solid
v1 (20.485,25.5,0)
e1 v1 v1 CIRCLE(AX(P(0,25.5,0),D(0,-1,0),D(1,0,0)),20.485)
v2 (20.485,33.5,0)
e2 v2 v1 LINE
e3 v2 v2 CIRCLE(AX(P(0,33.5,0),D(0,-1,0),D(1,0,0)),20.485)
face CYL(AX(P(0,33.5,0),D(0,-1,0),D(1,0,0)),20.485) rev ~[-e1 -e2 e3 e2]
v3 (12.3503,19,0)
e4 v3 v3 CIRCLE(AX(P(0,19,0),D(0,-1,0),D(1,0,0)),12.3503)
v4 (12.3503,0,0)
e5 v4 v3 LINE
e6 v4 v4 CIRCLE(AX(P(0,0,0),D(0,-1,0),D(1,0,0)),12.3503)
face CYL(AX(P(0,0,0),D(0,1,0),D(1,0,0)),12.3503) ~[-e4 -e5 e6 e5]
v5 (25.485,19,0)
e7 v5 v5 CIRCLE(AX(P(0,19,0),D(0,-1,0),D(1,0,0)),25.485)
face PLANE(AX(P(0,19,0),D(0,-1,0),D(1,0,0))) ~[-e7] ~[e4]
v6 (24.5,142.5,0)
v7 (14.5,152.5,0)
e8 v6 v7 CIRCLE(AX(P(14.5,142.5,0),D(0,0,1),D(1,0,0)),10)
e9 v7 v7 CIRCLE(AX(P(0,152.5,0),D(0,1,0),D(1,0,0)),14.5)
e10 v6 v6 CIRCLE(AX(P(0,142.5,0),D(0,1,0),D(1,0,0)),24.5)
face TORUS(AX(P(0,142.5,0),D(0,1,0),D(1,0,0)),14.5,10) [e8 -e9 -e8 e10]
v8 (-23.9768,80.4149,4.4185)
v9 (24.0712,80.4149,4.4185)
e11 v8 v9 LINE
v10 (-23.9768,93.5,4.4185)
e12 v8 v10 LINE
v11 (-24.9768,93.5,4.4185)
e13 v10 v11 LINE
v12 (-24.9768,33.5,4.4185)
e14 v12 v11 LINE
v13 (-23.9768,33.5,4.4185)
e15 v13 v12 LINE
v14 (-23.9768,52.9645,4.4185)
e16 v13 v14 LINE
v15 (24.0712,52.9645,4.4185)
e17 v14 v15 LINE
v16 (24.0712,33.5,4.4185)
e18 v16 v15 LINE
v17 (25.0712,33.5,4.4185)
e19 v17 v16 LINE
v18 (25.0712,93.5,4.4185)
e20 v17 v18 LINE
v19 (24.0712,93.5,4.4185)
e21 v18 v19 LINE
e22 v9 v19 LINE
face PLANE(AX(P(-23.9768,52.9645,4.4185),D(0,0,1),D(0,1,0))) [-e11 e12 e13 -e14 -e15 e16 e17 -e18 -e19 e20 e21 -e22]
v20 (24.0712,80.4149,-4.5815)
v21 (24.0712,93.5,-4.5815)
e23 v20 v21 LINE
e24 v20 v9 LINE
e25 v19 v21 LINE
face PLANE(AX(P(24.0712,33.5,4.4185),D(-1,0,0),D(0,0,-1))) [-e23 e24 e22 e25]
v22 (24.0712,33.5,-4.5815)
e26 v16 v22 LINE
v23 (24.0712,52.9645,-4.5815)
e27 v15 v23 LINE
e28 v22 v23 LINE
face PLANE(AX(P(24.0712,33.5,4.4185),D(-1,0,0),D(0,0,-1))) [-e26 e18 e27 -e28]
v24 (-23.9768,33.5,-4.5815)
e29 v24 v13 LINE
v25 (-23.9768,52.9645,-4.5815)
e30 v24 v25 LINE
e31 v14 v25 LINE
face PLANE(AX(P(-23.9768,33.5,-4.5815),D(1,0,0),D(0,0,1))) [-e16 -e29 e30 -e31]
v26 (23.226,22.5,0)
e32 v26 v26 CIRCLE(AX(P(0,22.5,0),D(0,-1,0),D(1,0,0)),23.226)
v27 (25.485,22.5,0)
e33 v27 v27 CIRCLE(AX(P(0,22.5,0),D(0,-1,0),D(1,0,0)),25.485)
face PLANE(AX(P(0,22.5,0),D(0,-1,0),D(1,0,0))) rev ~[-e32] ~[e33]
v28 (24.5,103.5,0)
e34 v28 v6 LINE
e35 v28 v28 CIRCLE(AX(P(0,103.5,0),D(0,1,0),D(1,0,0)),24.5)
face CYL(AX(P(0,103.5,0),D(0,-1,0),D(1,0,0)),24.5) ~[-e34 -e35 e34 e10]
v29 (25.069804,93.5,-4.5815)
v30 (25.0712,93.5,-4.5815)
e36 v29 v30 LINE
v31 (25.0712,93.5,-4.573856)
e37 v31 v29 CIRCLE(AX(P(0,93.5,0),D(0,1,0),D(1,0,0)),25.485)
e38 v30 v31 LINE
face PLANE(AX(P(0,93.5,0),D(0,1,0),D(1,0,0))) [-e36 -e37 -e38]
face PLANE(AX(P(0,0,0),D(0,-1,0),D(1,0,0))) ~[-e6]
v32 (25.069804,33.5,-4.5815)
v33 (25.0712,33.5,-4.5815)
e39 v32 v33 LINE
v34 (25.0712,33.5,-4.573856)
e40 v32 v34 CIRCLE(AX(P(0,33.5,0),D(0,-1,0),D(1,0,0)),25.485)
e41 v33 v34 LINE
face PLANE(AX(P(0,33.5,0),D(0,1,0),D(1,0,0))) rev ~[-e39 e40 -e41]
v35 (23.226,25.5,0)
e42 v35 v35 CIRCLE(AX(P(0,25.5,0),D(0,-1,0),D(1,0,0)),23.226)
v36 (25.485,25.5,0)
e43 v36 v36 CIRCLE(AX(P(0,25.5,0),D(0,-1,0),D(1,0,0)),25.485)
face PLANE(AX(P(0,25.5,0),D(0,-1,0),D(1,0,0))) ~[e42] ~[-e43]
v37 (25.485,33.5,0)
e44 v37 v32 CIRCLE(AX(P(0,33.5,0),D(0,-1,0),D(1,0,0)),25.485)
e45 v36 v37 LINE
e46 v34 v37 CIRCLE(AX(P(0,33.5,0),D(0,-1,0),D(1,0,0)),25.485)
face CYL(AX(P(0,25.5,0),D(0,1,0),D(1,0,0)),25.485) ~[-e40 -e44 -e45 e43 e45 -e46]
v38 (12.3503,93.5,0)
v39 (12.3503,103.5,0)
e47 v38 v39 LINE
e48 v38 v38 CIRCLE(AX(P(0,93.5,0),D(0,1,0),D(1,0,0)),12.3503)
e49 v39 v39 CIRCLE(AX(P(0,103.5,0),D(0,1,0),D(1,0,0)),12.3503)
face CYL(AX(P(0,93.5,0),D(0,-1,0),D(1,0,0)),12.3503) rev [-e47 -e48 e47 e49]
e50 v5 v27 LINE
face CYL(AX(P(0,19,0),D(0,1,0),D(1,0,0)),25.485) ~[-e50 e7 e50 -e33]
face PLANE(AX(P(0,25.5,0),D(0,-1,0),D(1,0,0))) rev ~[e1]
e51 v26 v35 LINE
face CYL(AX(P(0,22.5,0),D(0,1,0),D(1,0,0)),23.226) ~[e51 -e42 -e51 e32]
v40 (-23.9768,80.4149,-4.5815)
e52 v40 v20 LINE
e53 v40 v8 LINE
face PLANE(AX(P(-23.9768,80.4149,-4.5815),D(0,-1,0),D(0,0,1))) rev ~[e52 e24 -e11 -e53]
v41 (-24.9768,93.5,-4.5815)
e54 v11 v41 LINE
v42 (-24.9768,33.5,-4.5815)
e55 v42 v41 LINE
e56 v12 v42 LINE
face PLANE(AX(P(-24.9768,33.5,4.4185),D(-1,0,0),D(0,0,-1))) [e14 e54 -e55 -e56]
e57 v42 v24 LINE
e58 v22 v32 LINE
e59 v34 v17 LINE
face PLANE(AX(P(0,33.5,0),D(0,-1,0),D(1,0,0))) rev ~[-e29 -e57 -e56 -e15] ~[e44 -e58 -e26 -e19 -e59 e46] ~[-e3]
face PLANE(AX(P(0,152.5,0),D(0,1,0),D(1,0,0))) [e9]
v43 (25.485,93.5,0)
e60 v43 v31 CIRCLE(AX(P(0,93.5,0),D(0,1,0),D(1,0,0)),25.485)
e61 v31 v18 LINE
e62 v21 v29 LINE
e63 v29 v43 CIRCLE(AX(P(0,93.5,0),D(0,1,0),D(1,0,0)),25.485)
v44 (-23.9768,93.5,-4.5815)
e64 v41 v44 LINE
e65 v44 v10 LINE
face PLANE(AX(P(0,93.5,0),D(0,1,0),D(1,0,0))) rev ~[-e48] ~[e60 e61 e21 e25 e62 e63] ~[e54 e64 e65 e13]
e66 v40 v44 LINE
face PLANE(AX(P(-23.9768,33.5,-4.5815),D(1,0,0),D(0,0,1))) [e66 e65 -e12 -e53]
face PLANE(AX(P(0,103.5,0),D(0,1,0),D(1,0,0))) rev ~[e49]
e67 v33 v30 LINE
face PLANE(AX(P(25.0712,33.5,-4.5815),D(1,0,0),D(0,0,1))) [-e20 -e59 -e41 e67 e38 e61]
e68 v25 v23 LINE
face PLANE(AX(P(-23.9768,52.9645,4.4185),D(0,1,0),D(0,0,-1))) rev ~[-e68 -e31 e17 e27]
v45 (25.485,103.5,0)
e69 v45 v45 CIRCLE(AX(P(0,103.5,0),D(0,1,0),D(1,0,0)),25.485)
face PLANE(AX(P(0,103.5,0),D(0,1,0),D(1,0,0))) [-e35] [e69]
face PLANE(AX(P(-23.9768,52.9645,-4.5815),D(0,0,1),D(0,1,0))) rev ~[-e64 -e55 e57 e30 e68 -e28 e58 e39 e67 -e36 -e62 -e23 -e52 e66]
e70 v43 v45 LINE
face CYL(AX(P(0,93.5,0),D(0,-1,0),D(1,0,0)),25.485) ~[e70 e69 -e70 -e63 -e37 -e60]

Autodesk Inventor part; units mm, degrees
ref_plane "YZ Plane" through (0, 0, 0) normal (1, 0, 0) x (0, 1, 0)
ref_plane "XZ Plane" through (0, 0, 0) normal (0, 1, 0) x (-1, 0, 0)
ref_plane "XY Plane" through (0, 0, 0) normal (0, 0, 1) x (1, 0, 0)
sketch "Sketch1" plane through (0, 0, 0) normal (0, 0, 1) x (1, 0, 0)
  line L0 (0, 0) -> (12.3503, 0)
  line L1 (12.3503, 0) -> (12.3503, 19)
  line L2 (12.3503, 19) -> (0, 19)
  line L3 (0, 19) -> (0, 0)
  line L4 (0, 19) -> (25.485, 19)
  line L5 (25.485, 19) -> (25.485, 22.5)
  line L6 (25.485, 22.5) -> (0, 22.5)
  line L7 (0, 22.5) -> (0, 19)
  line L8 (23.226, 22.5) -> (23.226, 25.5)
  line L9 (23.226, 25.5) -> (0, 25.5)
  line L10 (0, 25.5) -> (0, 22.5)
  line L11 (23.226, 25.5) -> (25.485, 25.5)
  line L12 (25.485, 25.5) -> (25.485, 33.5)
  line L13 (25.485, 33.5) -> (20.485, 33.5)
  line L14 (20.485, 33.5) -> (20.485, 22.5)
  dimension "d0" = 19
  dimension "d1" = 25.485
  dimension "d2" = 3.5
  dimension "d3" = 90
  dimension "d4" = 3
  dimension "d5" = 8
  dimension "d6" = 5
revolve "Revolution1" add sketch "Sketch1" angle 360 about axis through (0, 19, 0) along (0, -1, 0)
sketch "Sketch2" plane through (0, 33.5, 0) normal (0, 1, 0) x (1, 0, 0)
  line L0 (25.0712, -4.4185) -> (24.0712, -4.4185)
  line L1 (24.0712, -4.4185) -> (24.0712, 4.5815)
  line L2 (24.0712, 4.5815) -> (25.0712, 4.5815)
  line L3 (25.0712, 4.5815) -> (25.0712, -4.4185)
  line L4 (-23.9768, -4.4185) -> (-24.9768, -4.4185)
  line L5 (-24.9768, -4.4185) -> (-24.9768, 4.5815)
  line L6 (-24.9768, 4.5815) -> (-23.9768, 4.5815)
  line L7 (-23.9768, 4.5815) -> (-23.9768, -4.4185)
  point P0 (0, 0)
  dimension "d8" = 1
  dimension "d9" = 9
  dimension "d10" = 1
  dimension "d11" = 9
extrude "Extrusion1" add sketch "Sketch2" along normal blind 60
sketch "Sketch3" plane through (0, 93.5, 0) normal (0, 1, 0) x (1, 0, 0)
  circle A0 centre (0, 0) radius 12.3503 projected
  circle A1 centre (0, 0) radius 25.485
extrude "Extrusion2" add sketch "Sketch3" along normal blind 10
sketch "Sketch4" plane through (0, 103.5, 0) normal (0, 1, 0) x (1, 0, 0)
  point P0 (0, 0)
sketch "Sketch5" plane through (0, 103.5, 0) normal (0, 1, 0) x (1, 0, 0)
  circle A0 centre (0, 0) radius 24.5
  dimension "d16" = 49
extrude "Extrusion3" add sketch "Sketch5" along normal blind 49
fillet "Fillet1" radius 10 1 edges at (-24.5, 152.5, 0)
sketch "Sketch6" plane through (-23.9768, 33.5, 4.4185) normal (1, 0, 0) x (0, 0, -1)
  line L0 (0, 0) -> (0, 60) projected
  line L1 (9, 0) -> (9, 60) projected
  line L2 (0, 19.4645) -> (9, 19.4645)
  line L3 (9, 19.4645) -> (9, 46.9149)
  line L4 (9, 46.9149) -> (0, 46.9149)
  line L5 (0, 46.9149) -> (0, 19.4645)
  point P0 (4.4185, -33.5)
extrude "Extrusion4" add sketch "Sketch6" along normal blind 49
thread "Thread1" size "M52x5" class "6g" standard "ANSI Metric M Profile" full length
properties part number "Part 3 of Focusrite Microphone"
